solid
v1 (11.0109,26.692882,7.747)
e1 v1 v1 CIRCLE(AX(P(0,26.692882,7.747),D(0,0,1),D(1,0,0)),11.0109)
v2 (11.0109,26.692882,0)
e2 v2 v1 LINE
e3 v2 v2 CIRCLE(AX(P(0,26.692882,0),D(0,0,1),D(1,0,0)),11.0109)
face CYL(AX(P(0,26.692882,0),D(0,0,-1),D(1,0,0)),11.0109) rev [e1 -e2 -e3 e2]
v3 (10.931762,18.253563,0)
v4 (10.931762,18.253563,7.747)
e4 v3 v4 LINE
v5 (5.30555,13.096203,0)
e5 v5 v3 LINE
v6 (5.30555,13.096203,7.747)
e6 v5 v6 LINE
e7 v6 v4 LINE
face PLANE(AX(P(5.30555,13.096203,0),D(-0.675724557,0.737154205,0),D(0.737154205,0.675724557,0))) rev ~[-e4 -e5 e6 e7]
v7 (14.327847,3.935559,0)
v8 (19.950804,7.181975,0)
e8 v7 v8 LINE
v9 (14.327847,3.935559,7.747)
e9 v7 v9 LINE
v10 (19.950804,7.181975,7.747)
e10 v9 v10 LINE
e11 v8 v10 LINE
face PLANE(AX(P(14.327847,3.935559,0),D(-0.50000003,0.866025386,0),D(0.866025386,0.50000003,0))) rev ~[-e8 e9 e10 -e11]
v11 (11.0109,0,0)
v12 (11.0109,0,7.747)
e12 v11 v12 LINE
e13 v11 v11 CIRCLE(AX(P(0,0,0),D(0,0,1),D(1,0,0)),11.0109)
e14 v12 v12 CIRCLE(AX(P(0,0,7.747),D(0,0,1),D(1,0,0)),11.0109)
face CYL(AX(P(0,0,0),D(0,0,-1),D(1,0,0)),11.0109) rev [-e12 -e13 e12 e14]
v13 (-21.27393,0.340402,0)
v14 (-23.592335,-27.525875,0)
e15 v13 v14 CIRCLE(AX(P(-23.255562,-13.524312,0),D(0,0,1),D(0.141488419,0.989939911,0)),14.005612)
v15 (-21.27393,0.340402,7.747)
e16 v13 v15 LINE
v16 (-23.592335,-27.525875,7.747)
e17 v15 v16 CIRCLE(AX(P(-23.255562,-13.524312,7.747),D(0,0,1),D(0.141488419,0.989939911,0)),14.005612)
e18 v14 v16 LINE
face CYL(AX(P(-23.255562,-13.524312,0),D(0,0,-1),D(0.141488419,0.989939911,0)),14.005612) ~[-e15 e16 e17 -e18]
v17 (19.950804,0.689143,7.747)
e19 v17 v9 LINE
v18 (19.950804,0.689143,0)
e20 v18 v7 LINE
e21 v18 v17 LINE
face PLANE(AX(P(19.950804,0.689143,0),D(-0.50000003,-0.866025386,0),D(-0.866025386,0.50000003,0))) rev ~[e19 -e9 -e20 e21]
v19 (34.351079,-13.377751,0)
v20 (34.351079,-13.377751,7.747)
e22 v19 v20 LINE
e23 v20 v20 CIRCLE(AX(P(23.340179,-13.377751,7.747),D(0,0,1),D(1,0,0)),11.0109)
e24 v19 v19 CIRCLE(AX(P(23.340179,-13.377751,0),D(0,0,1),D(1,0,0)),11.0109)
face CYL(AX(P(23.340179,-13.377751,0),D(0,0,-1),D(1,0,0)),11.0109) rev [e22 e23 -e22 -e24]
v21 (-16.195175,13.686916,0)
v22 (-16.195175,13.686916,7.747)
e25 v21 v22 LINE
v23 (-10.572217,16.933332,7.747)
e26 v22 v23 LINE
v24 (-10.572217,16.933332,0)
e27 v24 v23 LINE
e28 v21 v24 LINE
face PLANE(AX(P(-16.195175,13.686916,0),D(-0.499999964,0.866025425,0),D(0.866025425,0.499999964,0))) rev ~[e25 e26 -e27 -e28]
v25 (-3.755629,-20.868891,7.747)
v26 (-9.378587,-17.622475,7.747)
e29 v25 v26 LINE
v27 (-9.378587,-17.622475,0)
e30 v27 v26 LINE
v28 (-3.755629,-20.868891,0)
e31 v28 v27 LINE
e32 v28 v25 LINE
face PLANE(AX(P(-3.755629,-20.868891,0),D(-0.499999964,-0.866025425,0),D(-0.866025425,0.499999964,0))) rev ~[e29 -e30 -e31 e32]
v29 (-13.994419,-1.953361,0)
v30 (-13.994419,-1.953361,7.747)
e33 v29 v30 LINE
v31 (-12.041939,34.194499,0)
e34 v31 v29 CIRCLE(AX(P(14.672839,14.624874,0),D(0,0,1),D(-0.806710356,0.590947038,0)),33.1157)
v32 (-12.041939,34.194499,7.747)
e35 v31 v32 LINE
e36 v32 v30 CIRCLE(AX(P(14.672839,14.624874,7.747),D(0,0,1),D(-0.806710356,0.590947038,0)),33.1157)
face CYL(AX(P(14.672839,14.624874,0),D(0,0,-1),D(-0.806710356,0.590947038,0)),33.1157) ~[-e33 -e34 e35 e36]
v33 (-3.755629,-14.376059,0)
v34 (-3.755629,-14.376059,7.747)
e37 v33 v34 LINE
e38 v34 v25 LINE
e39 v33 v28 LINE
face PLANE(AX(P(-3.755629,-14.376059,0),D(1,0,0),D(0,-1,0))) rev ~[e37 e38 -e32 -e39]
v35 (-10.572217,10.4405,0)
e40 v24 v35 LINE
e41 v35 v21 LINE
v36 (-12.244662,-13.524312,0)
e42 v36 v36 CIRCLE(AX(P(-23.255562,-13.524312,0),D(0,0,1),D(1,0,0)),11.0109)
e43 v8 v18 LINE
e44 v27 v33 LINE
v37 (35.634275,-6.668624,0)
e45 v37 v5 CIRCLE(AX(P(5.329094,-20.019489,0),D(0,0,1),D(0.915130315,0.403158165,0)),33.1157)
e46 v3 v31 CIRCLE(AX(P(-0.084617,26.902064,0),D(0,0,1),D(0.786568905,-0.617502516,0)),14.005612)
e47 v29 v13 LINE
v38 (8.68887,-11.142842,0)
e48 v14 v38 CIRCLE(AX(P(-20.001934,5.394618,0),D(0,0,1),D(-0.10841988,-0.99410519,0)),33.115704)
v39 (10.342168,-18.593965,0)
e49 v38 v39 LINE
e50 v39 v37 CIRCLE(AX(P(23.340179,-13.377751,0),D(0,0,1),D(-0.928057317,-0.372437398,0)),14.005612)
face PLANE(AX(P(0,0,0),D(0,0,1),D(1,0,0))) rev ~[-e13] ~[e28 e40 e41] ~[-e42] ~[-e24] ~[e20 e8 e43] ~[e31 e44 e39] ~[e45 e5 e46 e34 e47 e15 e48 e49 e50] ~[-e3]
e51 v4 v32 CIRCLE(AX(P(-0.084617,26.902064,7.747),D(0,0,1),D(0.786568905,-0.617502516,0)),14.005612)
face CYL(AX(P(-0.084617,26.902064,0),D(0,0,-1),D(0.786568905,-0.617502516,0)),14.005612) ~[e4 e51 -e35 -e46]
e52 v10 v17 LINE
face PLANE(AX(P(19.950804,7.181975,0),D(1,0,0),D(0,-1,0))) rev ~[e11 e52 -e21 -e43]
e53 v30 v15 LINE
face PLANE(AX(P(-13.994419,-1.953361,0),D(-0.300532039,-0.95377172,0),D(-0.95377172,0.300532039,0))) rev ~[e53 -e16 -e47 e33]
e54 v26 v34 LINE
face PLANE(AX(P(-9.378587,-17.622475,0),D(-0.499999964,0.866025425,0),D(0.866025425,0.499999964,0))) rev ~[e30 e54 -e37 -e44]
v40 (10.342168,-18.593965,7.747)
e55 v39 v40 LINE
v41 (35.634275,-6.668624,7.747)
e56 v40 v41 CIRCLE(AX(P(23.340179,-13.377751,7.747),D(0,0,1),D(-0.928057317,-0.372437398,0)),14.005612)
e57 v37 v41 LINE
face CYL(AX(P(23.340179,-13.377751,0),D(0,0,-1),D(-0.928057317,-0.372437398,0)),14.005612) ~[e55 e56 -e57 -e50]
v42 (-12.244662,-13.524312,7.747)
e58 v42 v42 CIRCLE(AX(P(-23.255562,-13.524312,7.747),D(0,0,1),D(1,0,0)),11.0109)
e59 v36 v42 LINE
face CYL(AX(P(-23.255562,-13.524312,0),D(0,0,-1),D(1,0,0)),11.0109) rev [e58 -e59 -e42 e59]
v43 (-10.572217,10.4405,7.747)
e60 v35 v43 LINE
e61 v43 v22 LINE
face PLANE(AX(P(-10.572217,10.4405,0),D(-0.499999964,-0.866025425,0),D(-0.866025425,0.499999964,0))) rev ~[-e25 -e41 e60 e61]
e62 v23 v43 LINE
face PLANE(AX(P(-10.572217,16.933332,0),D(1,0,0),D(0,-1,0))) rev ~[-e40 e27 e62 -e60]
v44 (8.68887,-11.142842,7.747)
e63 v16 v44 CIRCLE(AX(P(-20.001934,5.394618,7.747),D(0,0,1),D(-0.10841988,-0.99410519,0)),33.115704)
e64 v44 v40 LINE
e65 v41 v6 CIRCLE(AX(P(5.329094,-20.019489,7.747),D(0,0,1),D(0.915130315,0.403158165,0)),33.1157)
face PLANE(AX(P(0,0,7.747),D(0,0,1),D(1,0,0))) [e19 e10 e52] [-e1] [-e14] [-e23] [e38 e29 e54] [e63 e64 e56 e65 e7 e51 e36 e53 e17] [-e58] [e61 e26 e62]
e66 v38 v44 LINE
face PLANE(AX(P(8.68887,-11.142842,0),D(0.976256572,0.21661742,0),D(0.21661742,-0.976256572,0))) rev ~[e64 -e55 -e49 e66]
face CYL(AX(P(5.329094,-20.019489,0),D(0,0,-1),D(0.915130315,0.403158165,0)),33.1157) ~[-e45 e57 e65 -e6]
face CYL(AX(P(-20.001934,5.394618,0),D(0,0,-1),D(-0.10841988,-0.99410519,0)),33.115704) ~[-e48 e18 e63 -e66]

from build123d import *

# Parameters (mm, degrees)
F0_R     = 11.0109
F1_DEPTH = 7.747


with BuildPart() as f1:
    # F0 (on Top) → F1 (new body)
    with BuildSketch(Plane.XY):
        with BuildLine():
            Line((5.30555, 13.096203), (10.931762, 18.253563))
            ThreePointArc((10.931762, 18.253563), (7.899724, 38.408908), (-12.041939, 34.194499))
            ThreePointArc((-12.041939, 34.194499), (-18.394659, 16.410973), (-13.994419, -1.953361))
            Line((-13.994419, -1.953361), (-21.27393, 0.340402))
            ThreePointArc((-21.27393, 0.340402), (-37.212952, -12.363092), (-23.592335, -27.525875))
            ThreePointArc((-23.592335, -27.525875), (-5.01499, -24.135728), (8.68887, -11.142842))
            Line((8.68887, -11.142842), (10.342168, -18.593965))
            ThreePointArc((10.342168, -18.593965), (29.313228, -26.045816), (35.634275, -6.668624))
            ThreePointArc((35.634275, -6.668624), (23.409649, 7.724756), (5.30555, 13.096203))
        make_face()
        with Locations((-23.255562, -13.524312)):
            Circle(F0_R, mode=Mode.SUBTRACT)
        Polygon((-3.755629, -14.376059), (-3.755629, -20.868891), (-9.378587, -17.622475), align=None, mode=Mode.SUBTRACT)
        Circle(F0_R, mode=Mode.SUBTRACT)
        with Locations((23.340179, -13.377751)):
            Circle(F0_R, mode=Mode.SUBTRACT)
        Polygon((14.327847, 3.935559), (19.950804, 7.181975), (19.950804, 0.689143), align=None, mode=Mode.SUBTRACT)
        Polygon((-16.195175, 13.686916), (-10.572217, 16.933332), (-10.572217, 10.4405), align=None, mode=Mode.SUBTRACT)
        with Locations((0, 26.692882)):
            Circle(F0_R, mode=Mode.SUBTRACT)
    extrude(amount=F1_DEPTH)


solid = f1.part
